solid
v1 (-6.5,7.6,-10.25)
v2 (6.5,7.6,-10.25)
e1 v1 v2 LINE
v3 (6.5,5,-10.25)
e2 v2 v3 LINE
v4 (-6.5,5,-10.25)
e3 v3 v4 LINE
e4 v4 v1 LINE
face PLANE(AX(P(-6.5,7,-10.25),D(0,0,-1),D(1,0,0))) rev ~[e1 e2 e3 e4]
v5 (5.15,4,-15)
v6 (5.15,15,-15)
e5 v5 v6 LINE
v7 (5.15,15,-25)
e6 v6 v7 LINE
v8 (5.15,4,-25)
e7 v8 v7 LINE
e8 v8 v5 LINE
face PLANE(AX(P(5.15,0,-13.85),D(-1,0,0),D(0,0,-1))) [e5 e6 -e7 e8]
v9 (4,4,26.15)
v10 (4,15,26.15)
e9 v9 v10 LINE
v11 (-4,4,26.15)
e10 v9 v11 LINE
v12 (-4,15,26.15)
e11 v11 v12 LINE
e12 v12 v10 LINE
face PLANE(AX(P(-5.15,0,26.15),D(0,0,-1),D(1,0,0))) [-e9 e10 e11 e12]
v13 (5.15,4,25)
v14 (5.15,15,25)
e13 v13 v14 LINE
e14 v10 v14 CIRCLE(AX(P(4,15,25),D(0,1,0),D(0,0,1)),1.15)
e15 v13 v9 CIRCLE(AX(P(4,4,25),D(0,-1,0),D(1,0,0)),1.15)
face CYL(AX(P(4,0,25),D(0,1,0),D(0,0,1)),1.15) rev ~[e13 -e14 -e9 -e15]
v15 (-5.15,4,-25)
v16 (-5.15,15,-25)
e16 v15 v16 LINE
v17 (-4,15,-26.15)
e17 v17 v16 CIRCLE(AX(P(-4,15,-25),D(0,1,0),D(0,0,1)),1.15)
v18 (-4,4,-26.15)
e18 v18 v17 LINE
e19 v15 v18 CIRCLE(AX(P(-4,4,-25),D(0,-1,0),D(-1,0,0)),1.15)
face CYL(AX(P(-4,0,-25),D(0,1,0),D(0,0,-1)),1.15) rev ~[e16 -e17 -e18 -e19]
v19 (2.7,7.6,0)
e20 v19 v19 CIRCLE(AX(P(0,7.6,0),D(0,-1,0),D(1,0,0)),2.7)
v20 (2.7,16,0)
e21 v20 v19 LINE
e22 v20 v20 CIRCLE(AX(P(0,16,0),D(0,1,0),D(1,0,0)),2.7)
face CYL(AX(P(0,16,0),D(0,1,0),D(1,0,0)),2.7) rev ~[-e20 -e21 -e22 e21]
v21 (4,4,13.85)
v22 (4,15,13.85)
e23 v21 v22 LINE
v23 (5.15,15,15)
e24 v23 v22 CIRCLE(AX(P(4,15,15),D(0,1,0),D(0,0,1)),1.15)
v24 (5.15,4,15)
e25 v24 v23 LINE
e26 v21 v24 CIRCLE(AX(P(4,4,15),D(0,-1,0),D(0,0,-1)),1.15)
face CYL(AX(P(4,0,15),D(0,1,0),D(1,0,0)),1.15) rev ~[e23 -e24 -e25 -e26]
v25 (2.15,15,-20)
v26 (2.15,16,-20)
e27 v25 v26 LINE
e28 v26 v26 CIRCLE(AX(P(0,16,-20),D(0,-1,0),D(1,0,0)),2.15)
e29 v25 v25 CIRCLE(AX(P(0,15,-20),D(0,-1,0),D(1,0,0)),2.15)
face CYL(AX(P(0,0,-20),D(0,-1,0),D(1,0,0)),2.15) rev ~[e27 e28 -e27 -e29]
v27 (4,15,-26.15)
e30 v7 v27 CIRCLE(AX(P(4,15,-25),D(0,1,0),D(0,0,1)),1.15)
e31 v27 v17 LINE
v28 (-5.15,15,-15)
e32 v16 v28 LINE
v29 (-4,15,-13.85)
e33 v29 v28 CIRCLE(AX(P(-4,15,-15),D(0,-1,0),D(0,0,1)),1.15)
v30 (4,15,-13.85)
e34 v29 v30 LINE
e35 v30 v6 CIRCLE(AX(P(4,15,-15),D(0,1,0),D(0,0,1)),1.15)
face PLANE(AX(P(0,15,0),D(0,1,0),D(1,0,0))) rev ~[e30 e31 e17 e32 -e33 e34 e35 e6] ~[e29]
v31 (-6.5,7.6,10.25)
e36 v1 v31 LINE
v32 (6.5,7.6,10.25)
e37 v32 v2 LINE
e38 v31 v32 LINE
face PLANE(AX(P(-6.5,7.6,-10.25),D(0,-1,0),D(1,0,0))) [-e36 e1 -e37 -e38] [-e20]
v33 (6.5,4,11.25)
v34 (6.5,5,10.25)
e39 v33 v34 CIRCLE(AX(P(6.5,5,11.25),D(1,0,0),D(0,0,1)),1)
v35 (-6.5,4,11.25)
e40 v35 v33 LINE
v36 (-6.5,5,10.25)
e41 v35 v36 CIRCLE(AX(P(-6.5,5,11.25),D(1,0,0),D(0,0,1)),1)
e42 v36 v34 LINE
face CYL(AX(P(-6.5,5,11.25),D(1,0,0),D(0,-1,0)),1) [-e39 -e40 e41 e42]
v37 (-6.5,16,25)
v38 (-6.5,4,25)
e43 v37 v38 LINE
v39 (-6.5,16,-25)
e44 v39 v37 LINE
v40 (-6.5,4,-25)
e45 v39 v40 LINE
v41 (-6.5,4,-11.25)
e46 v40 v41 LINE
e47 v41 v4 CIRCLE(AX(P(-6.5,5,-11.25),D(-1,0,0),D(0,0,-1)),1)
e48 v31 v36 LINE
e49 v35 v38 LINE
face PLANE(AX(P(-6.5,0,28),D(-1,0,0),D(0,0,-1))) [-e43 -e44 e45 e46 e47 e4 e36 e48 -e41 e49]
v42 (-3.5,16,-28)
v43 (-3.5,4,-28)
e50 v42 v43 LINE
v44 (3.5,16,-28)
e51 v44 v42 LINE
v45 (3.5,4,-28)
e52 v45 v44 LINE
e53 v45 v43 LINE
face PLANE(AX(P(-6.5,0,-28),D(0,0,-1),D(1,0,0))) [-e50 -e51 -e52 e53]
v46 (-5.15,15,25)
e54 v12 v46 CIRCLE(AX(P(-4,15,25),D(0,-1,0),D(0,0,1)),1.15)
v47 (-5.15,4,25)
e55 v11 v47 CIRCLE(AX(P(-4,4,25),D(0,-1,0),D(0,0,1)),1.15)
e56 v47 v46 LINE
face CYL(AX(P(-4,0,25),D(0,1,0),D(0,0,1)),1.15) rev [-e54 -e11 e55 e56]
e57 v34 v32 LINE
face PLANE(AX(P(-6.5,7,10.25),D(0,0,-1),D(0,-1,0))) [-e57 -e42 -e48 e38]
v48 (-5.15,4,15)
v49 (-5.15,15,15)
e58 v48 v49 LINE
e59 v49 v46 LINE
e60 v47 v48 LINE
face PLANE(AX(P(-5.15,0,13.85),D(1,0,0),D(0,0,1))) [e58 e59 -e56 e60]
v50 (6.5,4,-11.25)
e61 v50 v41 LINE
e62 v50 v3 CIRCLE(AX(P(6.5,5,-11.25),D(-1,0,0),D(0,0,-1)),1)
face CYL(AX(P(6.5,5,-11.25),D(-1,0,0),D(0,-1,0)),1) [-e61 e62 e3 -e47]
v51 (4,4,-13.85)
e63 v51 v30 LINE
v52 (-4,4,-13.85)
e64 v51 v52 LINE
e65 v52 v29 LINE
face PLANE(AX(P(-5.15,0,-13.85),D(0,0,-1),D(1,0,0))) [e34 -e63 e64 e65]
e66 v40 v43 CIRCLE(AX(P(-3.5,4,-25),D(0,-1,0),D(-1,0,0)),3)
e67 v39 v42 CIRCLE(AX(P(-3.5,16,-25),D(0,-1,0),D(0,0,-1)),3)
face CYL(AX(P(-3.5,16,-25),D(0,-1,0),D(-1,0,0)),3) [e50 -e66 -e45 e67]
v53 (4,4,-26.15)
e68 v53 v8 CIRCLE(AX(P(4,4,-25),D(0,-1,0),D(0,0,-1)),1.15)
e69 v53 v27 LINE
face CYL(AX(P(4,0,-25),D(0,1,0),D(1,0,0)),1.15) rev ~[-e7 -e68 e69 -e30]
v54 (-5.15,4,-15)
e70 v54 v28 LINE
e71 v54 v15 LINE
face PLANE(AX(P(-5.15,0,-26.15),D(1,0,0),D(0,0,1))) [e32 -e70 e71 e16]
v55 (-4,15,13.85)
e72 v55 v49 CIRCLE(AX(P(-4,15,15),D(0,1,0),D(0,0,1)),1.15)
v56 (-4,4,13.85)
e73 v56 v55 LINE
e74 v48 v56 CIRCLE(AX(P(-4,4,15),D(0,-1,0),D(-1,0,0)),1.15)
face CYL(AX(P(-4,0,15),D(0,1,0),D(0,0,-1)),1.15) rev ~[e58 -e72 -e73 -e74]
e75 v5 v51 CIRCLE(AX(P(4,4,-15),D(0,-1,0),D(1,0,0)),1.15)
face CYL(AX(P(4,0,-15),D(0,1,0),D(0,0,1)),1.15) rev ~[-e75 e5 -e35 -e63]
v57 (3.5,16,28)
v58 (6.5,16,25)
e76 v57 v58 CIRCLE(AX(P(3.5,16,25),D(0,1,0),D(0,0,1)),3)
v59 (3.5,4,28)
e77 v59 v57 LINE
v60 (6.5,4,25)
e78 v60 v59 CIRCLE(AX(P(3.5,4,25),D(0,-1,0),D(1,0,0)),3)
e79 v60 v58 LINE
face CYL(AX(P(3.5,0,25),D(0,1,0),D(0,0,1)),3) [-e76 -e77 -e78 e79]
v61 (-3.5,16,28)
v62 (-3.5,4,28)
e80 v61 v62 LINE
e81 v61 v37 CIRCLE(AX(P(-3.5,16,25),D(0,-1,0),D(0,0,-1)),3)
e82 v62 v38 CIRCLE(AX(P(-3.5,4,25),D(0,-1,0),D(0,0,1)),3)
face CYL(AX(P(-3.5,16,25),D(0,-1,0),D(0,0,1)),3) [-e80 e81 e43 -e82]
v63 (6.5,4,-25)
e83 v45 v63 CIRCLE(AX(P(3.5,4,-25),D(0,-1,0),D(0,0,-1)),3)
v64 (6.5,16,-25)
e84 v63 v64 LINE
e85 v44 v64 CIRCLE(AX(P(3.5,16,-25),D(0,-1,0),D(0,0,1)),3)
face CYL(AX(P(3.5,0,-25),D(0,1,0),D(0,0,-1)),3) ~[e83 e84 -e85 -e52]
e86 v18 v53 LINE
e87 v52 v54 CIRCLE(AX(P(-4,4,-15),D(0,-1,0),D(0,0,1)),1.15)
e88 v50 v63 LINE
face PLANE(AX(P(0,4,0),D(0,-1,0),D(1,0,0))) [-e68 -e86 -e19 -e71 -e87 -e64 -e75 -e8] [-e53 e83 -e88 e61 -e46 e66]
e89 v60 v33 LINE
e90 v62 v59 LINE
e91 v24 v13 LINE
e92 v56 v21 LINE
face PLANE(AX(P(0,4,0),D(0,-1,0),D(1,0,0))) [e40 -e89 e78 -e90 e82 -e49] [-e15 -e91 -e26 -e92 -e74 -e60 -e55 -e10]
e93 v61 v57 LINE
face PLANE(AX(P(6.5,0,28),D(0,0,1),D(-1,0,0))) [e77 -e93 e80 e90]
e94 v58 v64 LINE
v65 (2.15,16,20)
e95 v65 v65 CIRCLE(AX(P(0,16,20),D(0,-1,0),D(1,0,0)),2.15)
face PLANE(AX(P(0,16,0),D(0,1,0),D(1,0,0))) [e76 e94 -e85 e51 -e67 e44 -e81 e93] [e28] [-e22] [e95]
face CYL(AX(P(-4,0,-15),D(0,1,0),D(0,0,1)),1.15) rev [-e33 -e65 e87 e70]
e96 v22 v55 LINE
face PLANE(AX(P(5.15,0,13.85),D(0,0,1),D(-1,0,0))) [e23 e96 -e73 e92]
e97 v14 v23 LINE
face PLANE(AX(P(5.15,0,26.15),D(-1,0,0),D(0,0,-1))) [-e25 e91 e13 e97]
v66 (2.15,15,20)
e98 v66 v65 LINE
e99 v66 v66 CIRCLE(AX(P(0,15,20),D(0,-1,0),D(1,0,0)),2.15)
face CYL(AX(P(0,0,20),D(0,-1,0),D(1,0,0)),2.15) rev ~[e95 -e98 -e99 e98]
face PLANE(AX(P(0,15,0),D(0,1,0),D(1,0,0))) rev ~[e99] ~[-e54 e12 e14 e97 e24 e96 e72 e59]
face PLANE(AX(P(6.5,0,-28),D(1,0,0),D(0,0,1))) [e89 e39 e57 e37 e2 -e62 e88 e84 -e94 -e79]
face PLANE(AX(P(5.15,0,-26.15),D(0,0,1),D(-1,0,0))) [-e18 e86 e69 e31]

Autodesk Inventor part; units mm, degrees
ref_plane "YZ Plane" through (0, 0, 0) normal (1, 0, 0) x (0, 1, 0)
ref_plane "XZ Plane" through (0, 0, 0) normal (0, 1, 0) x (-1, 0, 0)
ref_plane "XY Plane" through (0, 0, 0) normal (0, 0, 1) x (1, 0, 0)
sketch "Boceto1" plane through (0, 0, 0) normal (0, 1, 0) x (-1, 0, 0)
  line L0 (-6.5, 28) -> (6.5, 28)
  line L1 (6.5, 28) -> (6.5, -28)
  line L2 (6.5, -28) -> (-6.5, -28)
  line L3 (-6.5, -28) -> (-6.5, 28)
  line L4 (-6.5, 28) -> (6.5, -28) construction
  line L5 (6.5, 28) -> (-6.5, -28) construction
  line L6 (5.15, 26.15) -> (-5.15, 26.15)
  line L7 (-5.15, 26.15) -> (-5.15, 13.85)
  line L8 (-5.15, 13.85) -> (5.15, 13.85)
  line L9 (5.15, 13.85) -> (5.15, 26.15)
  line L10 (5.15, 26.15) -> (-5.15, 13.85) construction
  line L11 (-5.15, 26.15) -> (5.15, 13.85) construction
  line L12 (5.15, -13.85) -> (-5.15, -13.85)
  line L13 (-5.15, -13.85) -> (-5.15, -26.15)
  line L14 (-5.15, -26.15) -> (5.15, -26.15)
  line L15 (5.15, -26.15) -> (5.15, -13.85)
  line L16 (5.15, -13.85) -> (-5.15, -26.15) construction
  line L17 (-5.15, -13.85) -> (5.15, -26.15) construction
  point P0 (0, 0)
  point P1 (0, 20)
  point P2 (0, -20)
  point P3 (0, 20)
  point P4 (0, 0)
  point P5 (0, -20)
  point P6 (0, 0)
  dimension "d0" = 12.3
  dimension "d1" = 10.3
  dimension "d2" = 20
  dimension "d3" = 56
  dimension "d4" = 20
  dimension "d5" = 13
extrude "Extrusión1" add sketch "Boceto1" along normal blind 15
sketch "Boceto2" plane through (0, 15, 0) normal (0, 1, 0) x (1, 0, 0)
  line L0 (6.5, 28) -> (-6.5, 28) projected
  line L1 (-6.5, 28) -> (-6.5, -28) projected
  line L2 (-6.5, -28) -> (6.5, -28) projected
  line L3 (6.5, -28) -> (6.5, 28) projected
  line L4 (-5.15, -26.15) -> (-5.15, -13.85) projected
  line L5 (-5.15, -13.85) -> (5.15, -13.85) projected
  line L6 (5.15, -13.85) -> (5.15, -26.15) projected
  line L7 (5.15, -26.15) -> (-5.15, -26.15) projected
  line L8 (-5.15, 13.85) -> (-5.15, 26.15) projected
  line L9 (-5.15, 26.15) -> (5.15, 26.15) projected
  line L10 (5.15, 26.15) -> (5.15, 13.85) projected
  line L11 (5.15, 13.85) -> (-5.15, 13.85) projected
  point P0 (0, 0)
extrude "Extrusión2" add sketch "Boceto2" along normal blind 1 contours L3 L2 L1 L0 | L4 L5 L6 L7 | L8 L9 L10 L11
sketch "Boceto3" plane through (0, 0, 0) normal (0, -1, 0) x (1, 0, 0)
  circle A0 centre (0, 20) radius 2.15
  circle A1 centre (0, -20) radius 2.15
  line L0 (-5.15, 13.85) -> (5.15, 13.85) projected
  line L1 (5.15, -13.85) -> (-5.15, -13.85) projected
  line L2 (5.15, 13.85) -> (5.15, 26.15) projected
  point P0 (0, 0)
  dimension "d10" = 4.3
  dimension "d11" = 6.15
  dimension "d12" = 6.15
  dimension "d13" = 5.15
extrude "Extrusión3" cut sketch "Boceto3" against normal through all
fillet "Empalme1" radius 1.15 8 edges at (5.15, 7.5, -13.85) (5.15, 7.5, 26.15) (5.15, 7.5, 13.85) (5.15, 7.5, -26.15) (-5.15, 7.5, -26.15) (-5.15, 7.5, 13.85) (-5.15, 7.5, -13.85) (-5.15, 7.5, 26.15)
fillet "Empalme2" radius 3 4 edges at (6.5, 8, -28) (6.5, 8, 28) (-6.5, 8, 28) (-6.5, 8, -28)
sketch "Boceto6" plane through (-6.5, 0, -25) normal (-1, 0, 0) x (0, 0, 1)
  line L0 (35.25, -7) -> (14.75, -7)
  line L1 (14.75, -7) -> (14.75, 7)
  line L2 (14.75, 7) -> (35.25, 7)
  line L3 (35.25, 7) -> (35.25, -7)
  line L4 (35.25, -7) -> (14.75, 7) construction
  line L5 (14.75, -7) -> (35.25, 7) construction
  point P0 (25, 0)
  dimension "d30" = 20.5
  dimension "d31" = 7
extrude "Extrusión6" cut sketch "Boceto6" against normal through all
sketch "Boceto7" plane through (0, 16, 0) normal (0, 1, 0) x (1, 0, 0)
  circle A0 centre (0, 0) radius 2.7
  dimension "d35" = 5.4
extrude "Extrusión7" cut sketch "Boceto7" against normal through all
sketch "Boceto8" plane through (0, 0, 0) normal (0, -1, 0) x (1, 0, 0)
  line L0 (4, -13.85) -> (-4, -13.85) projected
  arc A0 (5.15, -15) -> (4, -13.85) centre (4, -15) ccw projected
  line L1 (5.15, -25) -> (5.15, -15) projected
  arc A1 (4, -26.15) -> (5.15, -25) centre (4, -25) ccw projected
  line L2 (-4, -26.15) -> (4, -26.15) projected
  arc A2 (-5.15, -25) -> (-4, -26.15) centre (-4, -25) ccw projected
  line L3 (-5.15, -15) -> (-5.15, -25) projected
  arc A3 (-4, -13.85) -> (-5.15, -15) centre (-4, -15) ccw projected
  line L4 (6.5, -10.25) -> (-6.5, -10.25) projected
  line L5 (-6.5, -25) -> (-6.5, -10.25) projected
  arc A4 (-6.5, -25) -> (-3.5, -28) centre (-3.5, -25) ccw projected
  line L6 (3.5, -28) -> (-3.5, -28) projected
  arc A5 (3.5, -28) -> (6.5, -25) centre (3.5, -25) ccw projected
  line L7 (6.5, -10.25) -> (6.5, -25) projected
  line L8 (-6.5, 10.25) -> (6.5, 10.25) projected
  line L9 (6.5, 25) -> (6.5, 10.25) projected
  arc A6 (6.5, 25) -> (3.5, 28) centre (3.5, 25) ccw projected
  line L10 (-3.5, 28) -> (3.5, 28) projected
  arc A7 (-3.5, 28) -> (-6.5, 25) centre (-3.5, 25) ccw projected
  line L11 (-6.5, 10.25) -> (-6.5, 25) projected
  line L12 (4, 26.15) -> (-4, 26.15) projected
  arc A8 (5.15, 25) -> (4, 26.15) centre (4, 25) ccw projected
  line L13 (5.15, 15) -> (5.15, 25) projected
  arc A9 (4, 13.85) -> (5.15, 15) centre (4, 15) ccw projected
  line L14 (-4, 13.85) -> (4, 13.85) projected
  arc A10 (-5.15, 15) -> (-4, 13.85) centre (-4, 15) ccw projected
  line L15 (-5.15, 25) -> (-5.15, 15) projected
  arc A11 (-4, 26.15) -> (-5.15, 25) centre (-4, 25) ccw projected
  point P0 (0, 0)
extrude "Extrusión8" cut sketch "Boceto8" against normal blind 4
fillet "Empalme5" radius 1 2 edges at (0, 4, -10.25) (0, 4, 10.25)
sketch "Boceto9" plane through (-6.5, 7, -10.25) normal (0, -1, 0) x (1, 0, 0)
  circle A0 centre (6.5, 10.25) radius 2.7 projected
  line L0 (13, 20.5) -> (13, 0) projected
  line L1 (0, 20.5) -> (13, 20.5) projected
  line L2 (0, 0) -> (0, 20.5) projected
  line L3 (0, 0) -> (13, 0) projected
  point P0 (6.5, 10.25)
extrude "Extrusión9" cut sketch "Boceto9" against normal blind 0.6
sketch "Boceto4" plane through (0, 16, 0) normal (0, 1, 0) x (1, 0, 0)
  circle A0 centre (0, -5) radius 1.7
  circle A1 centre (0, 5) radius 1.7
  point P0 (0, 0)
  dimension "d19" = 3.4
  dimension "d25" = 5
  dimension "d26" = 5
sketch "Boceto5" plane through (0, 0, 0) normal (0, -1, 0) x (1, 0, 0)
  circle A0 centre (0, 5) radius 1.7 projected
  circle A1 centre (0, 5) radius 2.8
  circle A2 centre (0, -5) radius 1.7 projected
  circle A3 centre (0, -5) radius 2.8
  line L0 (3.2332, 5) -> (1.6166, 2.2)
  line L1 (1.6166, 2.2) -> (-1.6166, 2.2)
  line L2 (-1.6166, 2.2) -> (-3.2332, 5)
  line L3 (-3.2332, 5) -> (-1.6166, 7.8)
  line L4 (-1.6166, 7.8) -> (1.6166, 7.8)
  line L5 (1.6166, 7.8) -> (3.2332, 5)
  line L6 (3.2332, -5) -> (1.6166, -7.8)
  line L7 (1.6166, -7.8) -> (-1.6166, -7.8)
  line L8 (-1.6166, -7.8) -> (-3.2332, -5)
  line L9 (-3.2332, -5) -> (-1.6166, -2.2)
  line L10 (-1.6166, -2.2) -> (1.6166, -2.2)
  line L11 (1.6166, -2.2) -> (3.2332, -5)
  point P0 (0, 0)
  dimension "d27" = 5.6
equation "\"d4\" = d2"
properties part number "Base"
